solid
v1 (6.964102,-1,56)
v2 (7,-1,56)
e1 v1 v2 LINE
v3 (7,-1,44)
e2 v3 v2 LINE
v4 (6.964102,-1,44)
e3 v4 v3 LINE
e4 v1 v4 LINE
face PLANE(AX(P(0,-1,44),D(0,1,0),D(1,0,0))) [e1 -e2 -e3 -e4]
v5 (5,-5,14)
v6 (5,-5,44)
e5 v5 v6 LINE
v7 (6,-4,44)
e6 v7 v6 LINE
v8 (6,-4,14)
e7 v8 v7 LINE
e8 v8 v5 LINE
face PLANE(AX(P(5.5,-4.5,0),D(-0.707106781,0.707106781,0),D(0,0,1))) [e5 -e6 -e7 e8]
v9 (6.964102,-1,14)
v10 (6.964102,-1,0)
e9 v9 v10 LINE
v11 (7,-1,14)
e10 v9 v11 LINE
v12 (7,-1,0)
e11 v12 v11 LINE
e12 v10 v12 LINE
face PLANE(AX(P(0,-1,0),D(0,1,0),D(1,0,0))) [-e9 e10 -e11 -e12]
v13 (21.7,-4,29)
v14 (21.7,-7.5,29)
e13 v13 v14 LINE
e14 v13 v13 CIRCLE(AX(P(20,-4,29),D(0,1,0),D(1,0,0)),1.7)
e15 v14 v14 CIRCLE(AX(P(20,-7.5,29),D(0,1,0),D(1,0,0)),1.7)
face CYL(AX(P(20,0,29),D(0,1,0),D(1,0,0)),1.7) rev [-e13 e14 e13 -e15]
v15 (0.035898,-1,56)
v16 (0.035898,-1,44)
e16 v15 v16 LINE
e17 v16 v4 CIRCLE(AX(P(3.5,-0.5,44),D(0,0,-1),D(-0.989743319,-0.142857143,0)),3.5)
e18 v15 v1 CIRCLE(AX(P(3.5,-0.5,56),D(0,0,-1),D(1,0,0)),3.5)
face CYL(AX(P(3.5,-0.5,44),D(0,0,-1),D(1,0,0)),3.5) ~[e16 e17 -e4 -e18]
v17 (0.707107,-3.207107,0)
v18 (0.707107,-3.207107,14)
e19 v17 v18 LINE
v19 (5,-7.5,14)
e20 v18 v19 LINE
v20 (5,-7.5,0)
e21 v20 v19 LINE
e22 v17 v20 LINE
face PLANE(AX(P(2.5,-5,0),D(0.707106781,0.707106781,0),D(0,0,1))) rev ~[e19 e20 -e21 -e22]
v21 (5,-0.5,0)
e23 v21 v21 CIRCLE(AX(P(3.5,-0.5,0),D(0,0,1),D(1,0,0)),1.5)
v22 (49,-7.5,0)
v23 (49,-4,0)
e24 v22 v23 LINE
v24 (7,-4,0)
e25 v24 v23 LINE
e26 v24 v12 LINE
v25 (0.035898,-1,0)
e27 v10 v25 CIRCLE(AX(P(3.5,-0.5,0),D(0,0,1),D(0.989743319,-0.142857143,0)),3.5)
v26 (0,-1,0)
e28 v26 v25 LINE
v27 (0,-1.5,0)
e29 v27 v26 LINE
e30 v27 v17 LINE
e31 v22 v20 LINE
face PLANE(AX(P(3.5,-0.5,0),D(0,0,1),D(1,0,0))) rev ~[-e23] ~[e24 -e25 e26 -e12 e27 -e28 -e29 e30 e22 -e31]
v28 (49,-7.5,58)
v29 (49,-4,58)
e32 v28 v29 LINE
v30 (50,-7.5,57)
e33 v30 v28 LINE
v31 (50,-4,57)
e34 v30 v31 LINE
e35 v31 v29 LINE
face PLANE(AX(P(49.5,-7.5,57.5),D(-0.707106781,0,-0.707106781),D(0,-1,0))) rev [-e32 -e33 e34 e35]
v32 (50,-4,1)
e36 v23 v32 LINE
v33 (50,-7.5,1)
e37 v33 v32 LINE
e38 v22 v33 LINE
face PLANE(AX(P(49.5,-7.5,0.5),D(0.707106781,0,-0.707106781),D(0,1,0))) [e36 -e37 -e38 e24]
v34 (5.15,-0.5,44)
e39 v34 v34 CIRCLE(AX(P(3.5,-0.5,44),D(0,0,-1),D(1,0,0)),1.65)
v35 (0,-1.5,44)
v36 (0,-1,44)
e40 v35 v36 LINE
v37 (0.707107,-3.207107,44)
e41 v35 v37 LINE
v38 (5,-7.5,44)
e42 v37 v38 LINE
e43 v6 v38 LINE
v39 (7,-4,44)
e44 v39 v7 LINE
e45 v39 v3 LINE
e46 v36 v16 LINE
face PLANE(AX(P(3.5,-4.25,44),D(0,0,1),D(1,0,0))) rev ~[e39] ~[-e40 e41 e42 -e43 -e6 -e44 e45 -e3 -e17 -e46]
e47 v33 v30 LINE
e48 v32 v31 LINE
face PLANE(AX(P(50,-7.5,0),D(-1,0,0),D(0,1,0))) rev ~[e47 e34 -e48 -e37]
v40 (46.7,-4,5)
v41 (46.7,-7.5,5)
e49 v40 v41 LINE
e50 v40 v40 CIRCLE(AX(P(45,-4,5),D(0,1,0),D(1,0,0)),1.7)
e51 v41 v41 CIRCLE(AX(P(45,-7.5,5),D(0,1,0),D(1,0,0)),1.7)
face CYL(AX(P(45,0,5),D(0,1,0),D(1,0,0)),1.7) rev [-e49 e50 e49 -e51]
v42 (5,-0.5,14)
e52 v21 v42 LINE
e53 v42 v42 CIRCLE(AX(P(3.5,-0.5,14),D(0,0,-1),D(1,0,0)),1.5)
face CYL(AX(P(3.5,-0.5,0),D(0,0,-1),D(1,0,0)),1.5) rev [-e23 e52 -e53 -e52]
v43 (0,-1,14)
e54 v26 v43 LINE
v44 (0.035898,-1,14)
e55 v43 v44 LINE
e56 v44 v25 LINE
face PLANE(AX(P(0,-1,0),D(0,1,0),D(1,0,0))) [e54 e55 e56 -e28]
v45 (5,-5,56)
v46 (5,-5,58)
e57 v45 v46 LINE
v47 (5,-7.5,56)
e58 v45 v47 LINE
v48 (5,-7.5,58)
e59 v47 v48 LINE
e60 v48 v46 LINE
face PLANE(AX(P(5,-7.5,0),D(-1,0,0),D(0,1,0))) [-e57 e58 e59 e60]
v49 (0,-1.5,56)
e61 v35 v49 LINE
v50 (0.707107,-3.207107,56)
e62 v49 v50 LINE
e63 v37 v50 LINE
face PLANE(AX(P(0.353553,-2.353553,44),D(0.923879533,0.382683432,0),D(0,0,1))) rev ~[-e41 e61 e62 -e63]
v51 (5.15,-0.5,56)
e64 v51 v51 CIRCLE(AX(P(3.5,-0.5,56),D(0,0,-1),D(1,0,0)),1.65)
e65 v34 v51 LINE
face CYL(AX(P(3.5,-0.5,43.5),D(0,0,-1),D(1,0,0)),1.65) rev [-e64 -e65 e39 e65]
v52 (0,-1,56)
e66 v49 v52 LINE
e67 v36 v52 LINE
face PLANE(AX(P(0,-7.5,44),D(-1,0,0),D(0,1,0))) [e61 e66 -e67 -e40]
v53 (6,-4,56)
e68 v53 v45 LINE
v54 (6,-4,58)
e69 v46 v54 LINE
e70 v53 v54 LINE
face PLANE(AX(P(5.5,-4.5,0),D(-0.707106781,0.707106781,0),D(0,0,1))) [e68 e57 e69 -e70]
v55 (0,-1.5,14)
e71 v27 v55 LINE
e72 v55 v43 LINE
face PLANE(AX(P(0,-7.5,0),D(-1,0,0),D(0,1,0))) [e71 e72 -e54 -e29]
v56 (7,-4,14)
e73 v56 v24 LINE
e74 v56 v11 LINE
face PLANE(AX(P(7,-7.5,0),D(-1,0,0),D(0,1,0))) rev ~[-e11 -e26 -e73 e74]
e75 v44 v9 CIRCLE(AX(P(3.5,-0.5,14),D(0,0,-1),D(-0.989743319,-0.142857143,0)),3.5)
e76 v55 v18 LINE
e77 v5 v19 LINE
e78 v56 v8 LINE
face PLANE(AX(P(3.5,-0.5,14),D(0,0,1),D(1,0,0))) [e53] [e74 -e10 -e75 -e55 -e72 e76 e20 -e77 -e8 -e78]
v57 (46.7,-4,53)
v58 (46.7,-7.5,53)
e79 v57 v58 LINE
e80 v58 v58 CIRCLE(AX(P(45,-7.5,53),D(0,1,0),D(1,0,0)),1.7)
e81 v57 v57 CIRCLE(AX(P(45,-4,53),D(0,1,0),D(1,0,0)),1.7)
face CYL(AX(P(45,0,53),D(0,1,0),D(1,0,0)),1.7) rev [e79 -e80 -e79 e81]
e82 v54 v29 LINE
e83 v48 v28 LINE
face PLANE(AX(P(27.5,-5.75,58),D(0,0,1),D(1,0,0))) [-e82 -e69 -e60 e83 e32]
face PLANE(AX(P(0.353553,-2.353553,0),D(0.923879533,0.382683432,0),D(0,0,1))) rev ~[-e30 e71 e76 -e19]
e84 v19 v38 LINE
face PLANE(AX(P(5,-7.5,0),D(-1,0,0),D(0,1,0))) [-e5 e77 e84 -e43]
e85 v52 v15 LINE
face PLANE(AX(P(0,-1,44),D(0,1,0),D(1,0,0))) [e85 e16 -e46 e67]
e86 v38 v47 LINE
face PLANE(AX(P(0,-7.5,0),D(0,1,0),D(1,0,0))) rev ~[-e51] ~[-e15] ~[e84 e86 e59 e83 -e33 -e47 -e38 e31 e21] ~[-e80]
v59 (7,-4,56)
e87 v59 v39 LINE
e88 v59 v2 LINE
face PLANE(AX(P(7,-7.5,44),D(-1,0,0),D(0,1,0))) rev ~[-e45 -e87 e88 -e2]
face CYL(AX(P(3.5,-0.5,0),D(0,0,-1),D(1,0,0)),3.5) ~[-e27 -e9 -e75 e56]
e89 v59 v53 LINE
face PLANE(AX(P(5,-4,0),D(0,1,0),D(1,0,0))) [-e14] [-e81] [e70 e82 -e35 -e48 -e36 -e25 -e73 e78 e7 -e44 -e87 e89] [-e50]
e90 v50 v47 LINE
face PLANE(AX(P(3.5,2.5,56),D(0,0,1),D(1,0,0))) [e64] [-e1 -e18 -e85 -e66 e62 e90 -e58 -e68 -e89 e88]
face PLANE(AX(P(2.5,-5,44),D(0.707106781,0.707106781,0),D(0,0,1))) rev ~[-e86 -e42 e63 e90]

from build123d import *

# Parameters (mm, degrees)
CYLINDER047_R            = 1.7
CYLINDER047_DEPTH        = 10
CYLINDER048_R            = 1.7
CYLINDER048_DEPTH        = 10
CYLINDER049_R            = 1.7
CYLINDER049_DEPTH        = 10
CYLINDER042_R            = 1.5
CYLINDER042_DEPTH        = 15
CYLINDER039_R            = 3.5
CYLINDER039_DEPTH        = 14
BOX051037_W              = 7
BOX051037_H              = 6.5
BOX051037_DEPTH          = 14
CHAMFER034005002044_SIZE = 5
CHAMFER034005002046_SIZE = 1
BOX051036_W              = 45
BOX051036_H              = 3.5
BOX051036_DEPTH          = 58
CHAMFER034005002047_SIZE = 1
BOX051042_W              = 10
BOX051042_H              = 24
BOX051042_DEPTH          = 10
CYLINDER041_R            = 1.65
CYLINDER041_DEPTH        = 15
BOX051038_W              = 7
BOX051038_H              = 6.5
BOX051038_DEPTH          = 14
CHAMFER034005002043_SIZE = 5
CHAMFER034005002045_SIZE = 1
CYLINDER040_R            = 3.5
CYLINDER040_DEPTH        = 14
CHAMFER034005002048_SIZE = 1


with BuildPart() as cylinder047:
    # Cylinder047 → Cylinder047 (new body)
    with BuildSketch(Plane(origin=(45, 0, 5), x_dir=(1, 0, 0), z_dir=(0, -1, 0))):
        Circle(CYLINDER047_R)
    extrude(amount=CYLINDER047_DEPTH)


with BuildPart() as cylinder048:
    # Cylinder048 → Cylinder048 (new body)
    with BuildSketch(Plane(origin=(45, 0, 53), x_dir=(1, 0, 0), z_dir=(0, -1, 0))):
        Circle(CYLINDER048_R)
    extrude(amount=CYLINDER048_DEPTH)


with BuildPart() as fusion021005009027:
    # Cylinder049 → Cylinder049 (new body)
    with BuildSketch(Plane(origin=(20, 0, 29), x_dir=(1, 0, 0), z_dir=(0, -1, 0))):
        Circle(CYLINDER049_R)
    extrude(amount=CYLINDER049_DEPTH)

    # Fusion021005009027: union Cylinder047, Cylinder048
    add(cylinder047.part)
    add(cylinder048.part)


with BuildPart() as cylinder042:
    # Cylinder042 → Cylinder042 (new body)
    with BuildSketch(Plane(origin=(3.5, -0.5, 0), x_dir=(1, 0, 0), z_dir=(0, 0, 1))):
        Circle(CYLINDER042_R)
    extrude(amount=CYLINDER042_DEPTH)


with BuildPart() as cylinder039:
    # Cylinder039 → Cylinder039 (new body)
    with BuildSketch(Plane(origin=(3.5, -0.5, 0), x_dir=(1, 0, 0), z_dir=(0, 0, 1))):
        Circle(CYLINDER039_R)
    extrude(amount=CYLINDER039_DEPTH)


with BuildPart() as cut018011002021:
    # Box051037 → Box051037 (new body)
    with BuildSketch(Plane(origin=(0, -7.5, 0), x_dir=(1, 0, 0), z_dir=(0, 0, 1))):
        with Locations((3.5, 3.25)):
            Rectangle(BOX051037_W, BOX051037_H)
    extrude(amount=BOX051037_DEPTH)

    # Chamfer034005002044
    chamfer034005002044_edges = [cut018011002021.edges().sort_by_distance(p)[0] for p in [
        (0, -7.5, 7),
    ]]
    chamfer(chamfer034005002044_edges, length=CHAMFER034005002044_SIZE)

    # Chamfer034005002046
    chamfer034005002046_edges = [cut018011002021.edges().sort_by_distance(p)[0] for p in [
        (0, -2.5, 7),
    ]]
    chamfer(chamfer034005002046_edges, length=CHAMFER034005002046_SIZE)

    # Fusion021005009025: union Cylinder039
    add(cylinder039.part)

    # Cut018011002021: cut Cylinder042
    add(cylinder042.part, mode=Mode.SUBTRACT)


with BuildPart() as chamfer034005002047:
    # Box051036 → Box051036 (new body)
    with BuildSketch(Plane(origin=(5, -7.5, 0), x_dir=(1, 0, 0), z_dir=(0, 0, 1))):
        with Locations((22.5, 1.75)):
            Rectangle(BOX051036_W, BOX051036_H)
    extrude(amount=BOX051036_DEPTH)

    # Chamfer034005002047
    chamfer034005002047_edges = [chamfer034005002047.edges().sort_by_distance(p)[0] for p in [
        (5, -4, 29),
    ]]
    chamfer(chamfer034005002047_edges, length=CHAMFER034005002047_SIZE)


with BuildPart() as cube099:
    # Box051042 → Box051042 (new body)
    with BuildSketch(Plane(origin=(-1.5, -9.5, 56), x_dir=(1, 0, 0), z_dir=(0, 0, 1))):
        with Locations((5, 12)):
            Rectangle(BOX051042_W, BOX051042_H)
    extrude(amount=BOX051042_DEPTH)


with BuildPart() as cylinder041:
    # Cylinder041 → Cylinder041 (new body)
    with BuildSketch(Plane(origin=(3.5, -0.5, 43.5), x_dir=(1, 0, 0), z_dir=(0, 0, 1))):
        Circle(CYLINDER041_R)
    extrude(amount=CYLINDER041_DEPTH)


with BuildPart() as chamfer034005002045:
    # Box051038 → Box051038 (new body)
    with BuildSketch(Plane(origin=(0, -7.5, 44), x_dir=(1, 0, 0), z_dir=(0, 0, 1))):
        with Locations((3.5, 3.25)):
            Rectangle(BOX051038_W, BOX051038_H)
    extrude(amount=BOX051038_DEPTH)

    # Chamfer034005002043
    chamfer034005002043_edges = [chamfer034005002045.edges().sort_by_distance(p)[0] for p in [
        (0, -7.5, 51),
    ]]
    chamfer(chamfer034005002043_edges, length=CHAMFER034005002043_SIZE)

    # Chamfer034005002045
    chamfer034005002045_edges = [chamfer034005002045.edges().sort_by_distance(p)[0] for p in [
        (0, -2.5, 51),
    ]]
    chamfer(chamfer034005002045_edges, length=CHAMFER034005002045_SIZE)


with BuildPart() as chamfer034005002048:
    # Cylinder040 → Cylinder040 (new body)
    with BuildSketch(Plane(origin=(3.5, -0.5, 44), x_dir=(1, 0, 0), z_dir=(0, 0, 1))):
        Circle(CYLINDER040_R)
    extrude(amount=CYLINDER040_DEPTH)

    # Fusion021005009024: union Chamfer034005002045
    add(chamfer034005002045.part)

    # Cut018011002020: cut Cylinder041
    add(cylinder041.part, mode=Mode.SUBTRACT)

    # Cut018011002022: cut Cube099
    add(cube099.part, mode=Mode.SUBTRACT)

    # Fusion021005009028: union Cut018011002021, Chamfer034005002047
    add(cut018011002021.part)
    add(chamfer034005002047.part)

    # Cut018011002023: cut Fusion021005009027
    add(fusion021005009027.part, mode=Mode.SUBTRACT)

    # Chamfer034005002048
    chamfer034005002048_edges = [chamfer034005002048.edges().sort_by_distance(p)[0] for p in [
        (50, -5.75, 0),
        (50, -5.75, 58),
    ]]
    chamfer(chamfer034005002048_edges, length=CHAMFER034005002048_SIZE)


solid = chamfer034005002048.part
